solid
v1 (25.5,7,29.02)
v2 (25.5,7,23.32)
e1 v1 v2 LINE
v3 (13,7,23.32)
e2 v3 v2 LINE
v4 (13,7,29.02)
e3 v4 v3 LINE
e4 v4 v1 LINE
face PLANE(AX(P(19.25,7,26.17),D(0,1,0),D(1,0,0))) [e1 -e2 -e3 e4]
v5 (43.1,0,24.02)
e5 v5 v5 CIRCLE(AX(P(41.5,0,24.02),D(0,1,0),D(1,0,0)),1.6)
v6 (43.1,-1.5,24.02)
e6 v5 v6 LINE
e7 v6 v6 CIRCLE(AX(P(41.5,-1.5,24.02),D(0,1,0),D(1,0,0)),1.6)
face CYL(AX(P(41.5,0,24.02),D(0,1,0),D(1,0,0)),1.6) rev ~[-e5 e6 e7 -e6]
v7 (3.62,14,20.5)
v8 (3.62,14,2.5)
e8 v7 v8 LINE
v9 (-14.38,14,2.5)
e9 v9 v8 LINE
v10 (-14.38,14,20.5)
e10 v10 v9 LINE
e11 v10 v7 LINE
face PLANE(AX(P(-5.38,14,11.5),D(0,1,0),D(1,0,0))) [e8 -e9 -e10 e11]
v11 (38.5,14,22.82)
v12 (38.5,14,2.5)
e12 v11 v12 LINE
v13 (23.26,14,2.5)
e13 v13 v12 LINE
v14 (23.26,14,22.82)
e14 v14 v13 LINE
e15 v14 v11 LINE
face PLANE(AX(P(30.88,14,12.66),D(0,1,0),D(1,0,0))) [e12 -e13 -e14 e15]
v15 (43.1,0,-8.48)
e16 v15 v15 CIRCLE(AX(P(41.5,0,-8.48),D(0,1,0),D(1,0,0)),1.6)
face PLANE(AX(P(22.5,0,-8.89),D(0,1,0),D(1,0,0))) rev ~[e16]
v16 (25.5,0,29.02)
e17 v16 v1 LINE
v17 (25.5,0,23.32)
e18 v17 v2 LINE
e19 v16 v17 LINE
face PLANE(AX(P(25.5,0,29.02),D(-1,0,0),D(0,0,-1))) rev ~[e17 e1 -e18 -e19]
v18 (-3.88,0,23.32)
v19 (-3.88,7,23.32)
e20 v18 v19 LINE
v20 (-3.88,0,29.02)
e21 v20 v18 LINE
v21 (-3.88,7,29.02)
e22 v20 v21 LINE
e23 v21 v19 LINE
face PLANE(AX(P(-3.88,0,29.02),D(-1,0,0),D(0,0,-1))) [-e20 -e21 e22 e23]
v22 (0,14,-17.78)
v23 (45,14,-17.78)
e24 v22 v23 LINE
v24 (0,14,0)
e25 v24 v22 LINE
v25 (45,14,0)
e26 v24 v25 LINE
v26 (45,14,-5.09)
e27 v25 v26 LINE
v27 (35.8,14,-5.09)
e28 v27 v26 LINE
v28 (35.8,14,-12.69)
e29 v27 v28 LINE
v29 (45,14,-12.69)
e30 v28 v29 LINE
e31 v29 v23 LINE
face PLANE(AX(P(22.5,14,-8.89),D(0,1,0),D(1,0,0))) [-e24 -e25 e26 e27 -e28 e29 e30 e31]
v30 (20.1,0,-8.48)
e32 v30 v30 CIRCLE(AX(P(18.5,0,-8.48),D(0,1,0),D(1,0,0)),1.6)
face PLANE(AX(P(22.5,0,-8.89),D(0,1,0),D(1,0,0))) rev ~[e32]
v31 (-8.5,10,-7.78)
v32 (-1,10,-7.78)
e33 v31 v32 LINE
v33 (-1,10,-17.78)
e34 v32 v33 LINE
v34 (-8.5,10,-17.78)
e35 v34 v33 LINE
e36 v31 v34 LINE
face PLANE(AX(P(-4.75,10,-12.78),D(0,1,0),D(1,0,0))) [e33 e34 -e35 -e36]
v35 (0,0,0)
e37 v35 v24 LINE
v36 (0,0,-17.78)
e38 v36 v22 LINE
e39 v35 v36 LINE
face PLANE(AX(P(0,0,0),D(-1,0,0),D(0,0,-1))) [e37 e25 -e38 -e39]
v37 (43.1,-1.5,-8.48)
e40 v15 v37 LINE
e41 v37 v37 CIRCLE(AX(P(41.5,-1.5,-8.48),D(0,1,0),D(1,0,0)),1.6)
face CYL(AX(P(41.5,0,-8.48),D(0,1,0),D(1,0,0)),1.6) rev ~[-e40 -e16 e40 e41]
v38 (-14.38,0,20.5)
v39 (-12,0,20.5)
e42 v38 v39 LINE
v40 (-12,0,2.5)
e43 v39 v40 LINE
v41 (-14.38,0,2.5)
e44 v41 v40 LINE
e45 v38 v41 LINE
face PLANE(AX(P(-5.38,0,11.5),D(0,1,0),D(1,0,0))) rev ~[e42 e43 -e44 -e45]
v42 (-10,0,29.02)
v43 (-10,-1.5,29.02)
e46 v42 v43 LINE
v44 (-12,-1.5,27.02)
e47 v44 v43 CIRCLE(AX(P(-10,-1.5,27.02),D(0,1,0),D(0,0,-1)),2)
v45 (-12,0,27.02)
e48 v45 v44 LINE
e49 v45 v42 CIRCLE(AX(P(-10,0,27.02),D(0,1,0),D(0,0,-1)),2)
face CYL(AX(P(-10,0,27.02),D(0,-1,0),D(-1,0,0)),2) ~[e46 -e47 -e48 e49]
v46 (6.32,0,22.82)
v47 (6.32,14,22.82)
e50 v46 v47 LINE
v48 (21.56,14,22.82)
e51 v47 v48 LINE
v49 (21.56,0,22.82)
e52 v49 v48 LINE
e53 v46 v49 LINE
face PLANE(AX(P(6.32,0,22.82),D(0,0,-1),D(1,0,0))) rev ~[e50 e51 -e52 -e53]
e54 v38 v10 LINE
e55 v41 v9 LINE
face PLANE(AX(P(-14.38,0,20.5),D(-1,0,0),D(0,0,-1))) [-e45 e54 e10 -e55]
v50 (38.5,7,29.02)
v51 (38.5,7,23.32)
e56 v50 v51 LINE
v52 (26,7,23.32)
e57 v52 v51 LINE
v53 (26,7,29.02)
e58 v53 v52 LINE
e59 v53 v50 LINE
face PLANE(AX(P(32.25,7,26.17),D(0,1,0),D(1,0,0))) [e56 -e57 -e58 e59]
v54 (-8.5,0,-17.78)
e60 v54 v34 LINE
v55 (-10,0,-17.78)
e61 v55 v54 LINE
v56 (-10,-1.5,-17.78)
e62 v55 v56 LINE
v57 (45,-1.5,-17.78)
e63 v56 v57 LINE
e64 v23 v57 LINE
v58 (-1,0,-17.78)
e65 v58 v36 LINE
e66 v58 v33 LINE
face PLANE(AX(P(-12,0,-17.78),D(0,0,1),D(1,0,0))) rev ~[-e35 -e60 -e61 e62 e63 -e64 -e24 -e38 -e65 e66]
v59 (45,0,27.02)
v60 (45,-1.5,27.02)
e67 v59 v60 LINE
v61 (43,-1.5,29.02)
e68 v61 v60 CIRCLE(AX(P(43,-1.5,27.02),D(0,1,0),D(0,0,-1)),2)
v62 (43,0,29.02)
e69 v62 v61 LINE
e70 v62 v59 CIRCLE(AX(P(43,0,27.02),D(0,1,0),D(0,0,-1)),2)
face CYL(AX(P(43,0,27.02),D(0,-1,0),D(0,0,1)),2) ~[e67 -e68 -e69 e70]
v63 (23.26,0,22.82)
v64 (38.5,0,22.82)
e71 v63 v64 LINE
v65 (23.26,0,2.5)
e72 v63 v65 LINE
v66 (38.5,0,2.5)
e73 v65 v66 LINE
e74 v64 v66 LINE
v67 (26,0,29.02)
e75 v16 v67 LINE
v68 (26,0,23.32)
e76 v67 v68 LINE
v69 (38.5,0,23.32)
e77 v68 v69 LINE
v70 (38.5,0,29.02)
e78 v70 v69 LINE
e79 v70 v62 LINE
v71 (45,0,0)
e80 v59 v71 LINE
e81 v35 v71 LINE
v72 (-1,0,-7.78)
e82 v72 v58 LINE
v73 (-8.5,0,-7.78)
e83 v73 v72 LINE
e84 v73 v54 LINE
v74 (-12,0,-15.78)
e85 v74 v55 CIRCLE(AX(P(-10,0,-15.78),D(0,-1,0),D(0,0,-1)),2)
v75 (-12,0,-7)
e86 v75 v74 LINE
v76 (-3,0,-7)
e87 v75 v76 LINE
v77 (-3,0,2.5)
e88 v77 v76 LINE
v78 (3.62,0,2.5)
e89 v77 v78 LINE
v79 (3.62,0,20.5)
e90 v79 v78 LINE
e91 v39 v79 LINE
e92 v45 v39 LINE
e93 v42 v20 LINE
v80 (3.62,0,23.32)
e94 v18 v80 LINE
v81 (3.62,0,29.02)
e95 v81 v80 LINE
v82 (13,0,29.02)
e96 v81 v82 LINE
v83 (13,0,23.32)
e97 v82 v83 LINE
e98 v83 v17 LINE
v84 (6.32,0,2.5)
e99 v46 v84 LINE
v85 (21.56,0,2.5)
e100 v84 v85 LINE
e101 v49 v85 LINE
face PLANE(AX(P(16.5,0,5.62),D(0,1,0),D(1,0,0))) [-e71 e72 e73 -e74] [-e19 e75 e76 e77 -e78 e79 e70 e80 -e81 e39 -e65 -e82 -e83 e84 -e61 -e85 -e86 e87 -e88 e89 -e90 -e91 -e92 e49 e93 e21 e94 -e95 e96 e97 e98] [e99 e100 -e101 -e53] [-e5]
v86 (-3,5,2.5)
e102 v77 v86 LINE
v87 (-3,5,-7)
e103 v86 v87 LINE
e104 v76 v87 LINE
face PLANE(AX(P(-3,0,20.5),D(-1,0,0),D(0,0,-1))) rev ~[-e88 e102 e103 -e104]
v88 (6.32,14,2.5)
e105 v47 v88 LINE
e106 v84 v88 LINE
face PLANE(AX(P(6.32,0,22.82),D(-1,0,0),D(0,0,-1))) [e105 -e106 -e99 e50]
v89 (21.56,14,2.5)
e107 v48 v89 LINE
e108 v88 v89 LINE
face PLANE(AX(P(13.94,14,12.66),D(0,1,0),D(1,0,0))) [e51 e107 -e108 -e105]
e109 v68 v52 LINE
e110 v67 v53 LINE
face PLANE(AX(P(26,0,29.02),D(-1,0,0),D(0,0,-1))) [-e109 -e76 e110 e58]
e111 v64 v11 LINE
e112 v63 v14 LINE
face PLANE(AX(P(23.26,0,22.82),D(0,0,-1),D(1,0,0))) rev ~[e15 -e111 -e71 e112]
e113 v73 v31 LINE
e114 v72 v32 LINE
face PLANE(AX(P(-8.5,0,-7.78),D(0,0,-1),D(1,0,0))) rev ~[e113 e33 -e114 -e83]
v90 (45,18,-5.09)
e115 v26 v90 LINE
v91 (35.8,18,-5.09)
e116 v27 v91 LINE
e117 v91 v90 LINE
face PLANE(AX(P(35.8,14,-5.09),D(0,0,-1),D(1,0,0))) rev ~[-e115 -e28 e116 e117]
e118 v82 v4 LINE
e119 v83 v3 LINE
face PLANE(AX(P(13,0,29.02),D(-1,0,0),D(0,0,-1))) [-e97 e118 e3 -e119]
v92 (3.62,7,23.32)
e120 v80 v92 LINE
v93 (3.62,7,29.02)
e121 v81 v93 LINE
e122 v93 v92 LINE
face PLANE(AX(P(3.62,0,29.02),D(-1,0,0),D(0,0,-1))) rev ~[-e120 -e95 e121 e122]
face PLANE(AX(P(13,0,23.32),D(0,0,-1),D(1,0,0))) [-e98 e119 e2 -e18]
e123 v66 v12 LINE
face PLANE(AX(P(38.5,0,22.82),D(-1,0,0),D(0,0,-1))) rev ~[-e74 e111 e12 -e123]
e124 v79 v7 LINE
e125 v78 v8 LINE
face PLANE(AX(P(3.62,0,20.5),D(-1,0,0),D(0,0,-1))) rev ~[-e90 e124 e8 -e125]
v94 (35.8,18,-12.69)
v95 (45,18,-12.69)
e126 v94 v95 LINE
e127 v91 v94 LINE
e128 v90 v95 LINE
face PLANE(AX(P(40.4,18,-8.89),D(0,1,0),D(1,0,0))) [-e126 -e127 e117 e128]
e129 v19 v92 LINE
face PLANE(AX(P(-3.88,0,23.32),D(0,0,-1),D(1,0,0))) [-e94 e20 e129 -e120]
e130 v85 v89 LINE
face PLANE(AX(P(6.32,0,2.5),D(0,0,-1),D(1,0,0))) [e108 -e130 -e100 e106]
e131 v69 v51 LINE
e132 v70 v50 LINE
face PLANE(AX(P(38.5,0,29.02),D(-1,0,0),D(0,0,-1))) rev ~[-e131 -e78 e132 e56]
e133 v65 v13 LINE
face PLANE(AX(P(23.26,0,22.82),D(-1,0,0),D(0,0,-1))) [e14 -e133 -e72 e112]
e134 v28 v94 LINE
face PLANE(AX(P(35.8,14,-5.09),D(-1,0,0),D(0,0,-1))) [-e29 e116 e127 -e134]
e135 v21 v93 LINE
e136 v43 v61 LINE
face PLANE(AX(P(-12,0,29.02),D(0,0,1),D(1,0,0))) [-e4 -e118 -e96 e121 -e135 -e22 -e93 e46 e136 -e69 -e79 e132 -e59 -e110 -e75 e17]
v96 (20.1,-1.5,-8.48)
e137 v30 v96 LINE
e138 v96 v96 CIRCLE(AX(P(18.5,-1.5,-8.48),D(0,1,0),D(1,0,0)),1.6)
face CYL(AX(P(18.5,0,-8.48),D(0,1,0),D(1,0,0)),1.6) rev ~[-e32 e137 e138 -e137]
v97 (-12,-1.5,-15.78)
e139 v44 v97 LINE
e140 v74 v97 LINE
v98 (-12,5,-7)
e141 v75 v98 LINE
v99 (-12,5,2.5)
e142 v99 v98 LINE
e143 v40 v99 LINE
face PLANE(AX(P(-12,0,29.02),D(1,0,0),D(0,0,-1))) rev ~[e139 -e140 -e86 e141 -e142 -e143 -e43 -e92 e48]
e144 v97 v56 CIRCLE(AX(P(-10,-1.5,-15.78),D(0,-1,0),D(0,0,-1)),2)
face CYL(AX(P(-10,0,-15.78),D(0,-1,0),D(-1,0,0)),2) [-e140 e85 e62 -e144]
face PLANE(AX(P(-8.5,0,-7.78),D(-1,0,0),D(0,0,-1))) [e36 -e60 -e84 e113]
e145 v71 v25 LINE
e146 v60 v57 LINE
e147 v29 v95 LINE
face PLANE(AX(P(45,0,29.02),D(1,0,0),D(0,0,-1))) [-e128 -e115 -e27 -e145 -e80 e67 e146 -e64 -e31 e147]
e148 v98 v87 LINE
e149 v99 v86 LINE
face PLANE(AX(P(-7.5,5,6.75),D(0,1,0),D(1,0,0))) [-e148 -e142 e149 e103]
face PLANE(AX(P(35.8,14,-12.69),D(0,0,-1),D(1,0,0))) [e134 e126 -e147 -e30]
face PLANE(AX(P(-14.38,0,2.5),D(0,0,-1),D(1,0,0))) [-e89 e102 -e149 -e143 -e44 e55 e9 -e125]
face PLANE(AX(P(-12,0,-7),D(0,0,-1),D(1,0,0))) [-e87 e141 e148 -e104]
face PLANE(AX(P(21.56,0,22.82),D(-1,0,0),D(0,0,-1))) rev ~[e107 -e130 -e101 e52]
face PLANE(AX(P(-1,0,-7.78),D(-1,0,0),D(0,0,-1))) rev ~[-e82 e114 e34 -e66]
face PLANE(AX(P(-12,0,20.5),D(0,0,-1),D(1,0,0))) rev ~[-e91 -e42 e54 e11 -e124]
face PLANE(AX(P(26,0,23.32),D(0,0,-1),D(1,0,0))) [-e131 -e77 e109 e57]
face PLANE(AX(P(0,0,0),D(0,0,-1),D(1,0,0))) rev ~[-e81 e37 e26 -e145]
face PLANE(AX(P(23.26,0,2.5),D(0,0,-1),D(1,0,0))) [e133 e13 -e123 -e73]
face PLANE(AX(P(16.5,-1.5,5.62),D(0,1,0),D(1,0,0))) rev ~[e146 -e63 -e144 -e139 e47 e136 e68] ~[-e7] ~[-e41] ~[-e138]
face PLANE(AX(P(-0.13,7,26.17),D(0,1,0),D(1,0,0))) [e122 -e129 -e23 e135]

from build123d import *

# Parameters (mm, degrees)
SKETCH1_W             = 45
SKETCH1_H             = 17.78
BOSS_EXTRUDE1_DEPTH   = 14
SKETCH1_W_2           = 15.24
SKETCH1_H_2           = 20.32
BOSS_EXTRUDE1_2_DEPTH = 14
BOSS_EXTRUDE1_3_DEPTH = 14
SKETCH1_W_3           = 18
SKETCH1_H_3           = 18
BOSS_EXTRUDE1_4_DEPTH = 14
SKETCH2_W             = 12.5
SKETCH2_H             = 5.7
BOSS_EXTRUDE2_DEPTH   = 7
BOSS_EXTRUDE2_2_DEPTH = 7
SKETCH2_W_2           = 7.5
BOSS_EXTRUDE2_3_DEPTH = 7
SKETCH4_W             = 9
SKETCH4_H             = 27.5
BOSS_EXTRUDE4_DEPTH   = 5
SKETCH5_W             = 7.5
SKETCH5_H             = 10
BOSS_EXTRUDE5_DEPTH   = 10
SKETCH3_W             = 57
SKETCH3_H             = 46.8
SKETCH3_R             = 1.6
BOSS_EXTRUDE3_DEPTH   = 1.5
SKETCH6_W             = 9.2
SKETCH6_H             = 7.6
BOSS_EXTRUDE6_DEPTH   = 4
FILLET1_R             = 2


with BuildPart() as part:
    # Sketch1 → Boss-Extrude1 (new body)
    with BuildSketch(Plane(origin=(0, 0, 0), x_dir=(1, 0, 0), z_dir=(0, 1, 0))):
        with Locations((22.5, 8.89)):
            Rectangle(SKETCH1_W, SKETCH1_H)
    extrude(amount=BOSS_EXTRUDE1_DEPTH)



with BuildPart() as body_2:
    # Sketch1 → Boss-Extrude1 2 (new body)
    with BuildSketch(Plane(origin=(0, 0, 0), x_dir=(1, 0, 0), z_dir=(0, 1, 0))):
        with Locations((30.88, -12.66)):
            Rectangle(SKETCH1_W_2, SKETCH1_H_2)
    extrude(amount=BOSS_EXTRUDE1_2_DEPTH)


with BuildPart() as body_3:
    # Sketch1 → Boss-Extrude1 3 (new body)
    with BuildSketch(Plane(origin=(0, 0, 0), x_dir=(1, 0, 0), z_dir=(0, 1, 0))):
        with Locations((13.94, -12.66)):
            Rectangle(SKETCH1_W_2, SKETCH1_H_2)
    extrude(amount=BOSS_EXTRUDE1_3_DEPTH)


with BuildPart() as body_4:
    # Sketch1 → Boss-Extrude1 4 (new body)
    with BuildSketch(Plane(origin=(0, 0, 0), x_dir=(1, 0, 0), z_dir=(0, 1, 0))):
        with Locations((-5.38, -11.5)):
            Rectangle(SKETCH1_W_3, SKETCH1_H_3)
    extrude(amount=BOSS_EXTRUDE1_4_DEPTH)


with BuildPart() as body_5:
    # Sketch2 → Boss-Extrude2 (new body)
    with BuildSketch(Plane(origin=(0, 0, 0), x_dir=(1, 0, 0), z_dir=(0, 1, 0))):
        with Locations((32.25, -26.17)):
            Rectangle(SKETCH2_W, SKETCH2_H)
    extrude(amount=BOSS_EXTRUDE2_DEPTH)


with BuildPart() as body_6:
    # Sketch2 → Boss-Extrude2 2 (new body)
    with BuildSketch(Plane(origin=(0, 0, 0), x_dir=(1, 0, 0), z_dir=(0, 1, 0))):
        with Locations((19.25, -26.17)):
            Rectangle(SKETCH2_W, SKETCH2_H)
    extrude(amount=BOSS_EXTRUDE2_2_DEPTH)


with BuildPart() as body_7:
    # Sketch2 → Boss-Extrude2 3 (new body)
    with BuildSketch(Plane(origin=(0, 0, 0), x_dir=(1, 0, 0), z_dir=(0, 1, 0))):
        with Locations((-0.13, -26.17)):
            Rectangle(SKETCH2_W_2, SKETCH2_H)
    extrude(amount=BOSS_EXTRUDE2_3_DEPTH)


with BuildPart() as body_8:
    # Sketch4 → Boss-Extrude4 (new body)
    with BuildSketch(Plane(origin=(0, 0, 0), x_dir=(1, 0, 0), z_dir=(0, 1, 0))):
        with Locations((-7.5, -6.75)):
            Rectangle(SKETCH4_W, SKETCH4_H)
    extrude(amount=BOSS_EXTRUDE4_DEPTH)


with BuildPart() as body_9:
    # Sketch5 → Boss-Extrude5 (new body)
    with BuildSketch(Plane(origin=(0, 0, 0), x_dir=(1, 0, 0), z_dir=(0, 1, 0))):
        with Locations((-4.75, 12.78)):
            Rectangle(SKETCH5_W, SKETCH5_H)
    extrude(amount=BOSS_EXTRUDE5_DEPTH)


with BuildPart() as part_1:
    add(part.part)

    add(body_2.part)  # Boss-Extrude3 merges body 2

    add(body_3.part)  # Boss-Extrude3 merges body 3

    add(body_4.part)  # Boss-Extrude3 merges body 4

    add(body_5.part)  # Boss-Extrude3 merges body 5

    add(body_6.part)  # Boss-Extrude3 merges body 6

    add(body_7.part)  # Boss-Extrude3 merges body 7

    add(body_8.part)  # Boss-Extrude3 merges body 8

    add(body_9.part)  # Boss-Extrude3 merges body 9
    # Sketch3 → Boss-Extrude3 (add)
    with BuildSketch(Plane(origin=(0, 0, 0), x_dir=(1, 0, 0), z_dir=(0, 1, 0))):
        with Locations((16.5, -5.62)):
            Rectangle(SKETCH3_W, SKETCH3_H)
        with Locations((41.5, -24.02)):
            Circle(SKETCH3_R, mode=Mode.SUBTRACT)
        with Locations((41.5, 8.48)):
            Circle(SKETCH3_R, mode=Mode.SUBTRACT)
        with Locations((18.5, 8.48)):
            Circle(SKETCH3_R, mode=Mode.SUBTRACT)
    extrude(amount=-BOSS_EXTRUDE3_DEPTH)

    # Sketch6 → Boss-Extrude6 (add)
    with BuildSketch(Plane(origin=(0, 14, 0), x_dir=(1, 0, 0), z_dir=(0, 1, 0))):
        with Locations((40.4, 8.89)):
            Rectangle(SKETCH6_W, SKETCH6_H)
    extrude(amount=BOSS_EXTRUDE6_DEPTH)

    # Fillet1
    fillet1_edges = [part_1.edges().sort_by_distance(p)[0] for p in [
        (45, -0.75, 29.02),
        (-12, -0.75, 29.02),
        (-12, -0.75, -17.78),
    ]]
    fillet(fillet1_edges, radius=FILLET1_R)


solid = part_1.part
